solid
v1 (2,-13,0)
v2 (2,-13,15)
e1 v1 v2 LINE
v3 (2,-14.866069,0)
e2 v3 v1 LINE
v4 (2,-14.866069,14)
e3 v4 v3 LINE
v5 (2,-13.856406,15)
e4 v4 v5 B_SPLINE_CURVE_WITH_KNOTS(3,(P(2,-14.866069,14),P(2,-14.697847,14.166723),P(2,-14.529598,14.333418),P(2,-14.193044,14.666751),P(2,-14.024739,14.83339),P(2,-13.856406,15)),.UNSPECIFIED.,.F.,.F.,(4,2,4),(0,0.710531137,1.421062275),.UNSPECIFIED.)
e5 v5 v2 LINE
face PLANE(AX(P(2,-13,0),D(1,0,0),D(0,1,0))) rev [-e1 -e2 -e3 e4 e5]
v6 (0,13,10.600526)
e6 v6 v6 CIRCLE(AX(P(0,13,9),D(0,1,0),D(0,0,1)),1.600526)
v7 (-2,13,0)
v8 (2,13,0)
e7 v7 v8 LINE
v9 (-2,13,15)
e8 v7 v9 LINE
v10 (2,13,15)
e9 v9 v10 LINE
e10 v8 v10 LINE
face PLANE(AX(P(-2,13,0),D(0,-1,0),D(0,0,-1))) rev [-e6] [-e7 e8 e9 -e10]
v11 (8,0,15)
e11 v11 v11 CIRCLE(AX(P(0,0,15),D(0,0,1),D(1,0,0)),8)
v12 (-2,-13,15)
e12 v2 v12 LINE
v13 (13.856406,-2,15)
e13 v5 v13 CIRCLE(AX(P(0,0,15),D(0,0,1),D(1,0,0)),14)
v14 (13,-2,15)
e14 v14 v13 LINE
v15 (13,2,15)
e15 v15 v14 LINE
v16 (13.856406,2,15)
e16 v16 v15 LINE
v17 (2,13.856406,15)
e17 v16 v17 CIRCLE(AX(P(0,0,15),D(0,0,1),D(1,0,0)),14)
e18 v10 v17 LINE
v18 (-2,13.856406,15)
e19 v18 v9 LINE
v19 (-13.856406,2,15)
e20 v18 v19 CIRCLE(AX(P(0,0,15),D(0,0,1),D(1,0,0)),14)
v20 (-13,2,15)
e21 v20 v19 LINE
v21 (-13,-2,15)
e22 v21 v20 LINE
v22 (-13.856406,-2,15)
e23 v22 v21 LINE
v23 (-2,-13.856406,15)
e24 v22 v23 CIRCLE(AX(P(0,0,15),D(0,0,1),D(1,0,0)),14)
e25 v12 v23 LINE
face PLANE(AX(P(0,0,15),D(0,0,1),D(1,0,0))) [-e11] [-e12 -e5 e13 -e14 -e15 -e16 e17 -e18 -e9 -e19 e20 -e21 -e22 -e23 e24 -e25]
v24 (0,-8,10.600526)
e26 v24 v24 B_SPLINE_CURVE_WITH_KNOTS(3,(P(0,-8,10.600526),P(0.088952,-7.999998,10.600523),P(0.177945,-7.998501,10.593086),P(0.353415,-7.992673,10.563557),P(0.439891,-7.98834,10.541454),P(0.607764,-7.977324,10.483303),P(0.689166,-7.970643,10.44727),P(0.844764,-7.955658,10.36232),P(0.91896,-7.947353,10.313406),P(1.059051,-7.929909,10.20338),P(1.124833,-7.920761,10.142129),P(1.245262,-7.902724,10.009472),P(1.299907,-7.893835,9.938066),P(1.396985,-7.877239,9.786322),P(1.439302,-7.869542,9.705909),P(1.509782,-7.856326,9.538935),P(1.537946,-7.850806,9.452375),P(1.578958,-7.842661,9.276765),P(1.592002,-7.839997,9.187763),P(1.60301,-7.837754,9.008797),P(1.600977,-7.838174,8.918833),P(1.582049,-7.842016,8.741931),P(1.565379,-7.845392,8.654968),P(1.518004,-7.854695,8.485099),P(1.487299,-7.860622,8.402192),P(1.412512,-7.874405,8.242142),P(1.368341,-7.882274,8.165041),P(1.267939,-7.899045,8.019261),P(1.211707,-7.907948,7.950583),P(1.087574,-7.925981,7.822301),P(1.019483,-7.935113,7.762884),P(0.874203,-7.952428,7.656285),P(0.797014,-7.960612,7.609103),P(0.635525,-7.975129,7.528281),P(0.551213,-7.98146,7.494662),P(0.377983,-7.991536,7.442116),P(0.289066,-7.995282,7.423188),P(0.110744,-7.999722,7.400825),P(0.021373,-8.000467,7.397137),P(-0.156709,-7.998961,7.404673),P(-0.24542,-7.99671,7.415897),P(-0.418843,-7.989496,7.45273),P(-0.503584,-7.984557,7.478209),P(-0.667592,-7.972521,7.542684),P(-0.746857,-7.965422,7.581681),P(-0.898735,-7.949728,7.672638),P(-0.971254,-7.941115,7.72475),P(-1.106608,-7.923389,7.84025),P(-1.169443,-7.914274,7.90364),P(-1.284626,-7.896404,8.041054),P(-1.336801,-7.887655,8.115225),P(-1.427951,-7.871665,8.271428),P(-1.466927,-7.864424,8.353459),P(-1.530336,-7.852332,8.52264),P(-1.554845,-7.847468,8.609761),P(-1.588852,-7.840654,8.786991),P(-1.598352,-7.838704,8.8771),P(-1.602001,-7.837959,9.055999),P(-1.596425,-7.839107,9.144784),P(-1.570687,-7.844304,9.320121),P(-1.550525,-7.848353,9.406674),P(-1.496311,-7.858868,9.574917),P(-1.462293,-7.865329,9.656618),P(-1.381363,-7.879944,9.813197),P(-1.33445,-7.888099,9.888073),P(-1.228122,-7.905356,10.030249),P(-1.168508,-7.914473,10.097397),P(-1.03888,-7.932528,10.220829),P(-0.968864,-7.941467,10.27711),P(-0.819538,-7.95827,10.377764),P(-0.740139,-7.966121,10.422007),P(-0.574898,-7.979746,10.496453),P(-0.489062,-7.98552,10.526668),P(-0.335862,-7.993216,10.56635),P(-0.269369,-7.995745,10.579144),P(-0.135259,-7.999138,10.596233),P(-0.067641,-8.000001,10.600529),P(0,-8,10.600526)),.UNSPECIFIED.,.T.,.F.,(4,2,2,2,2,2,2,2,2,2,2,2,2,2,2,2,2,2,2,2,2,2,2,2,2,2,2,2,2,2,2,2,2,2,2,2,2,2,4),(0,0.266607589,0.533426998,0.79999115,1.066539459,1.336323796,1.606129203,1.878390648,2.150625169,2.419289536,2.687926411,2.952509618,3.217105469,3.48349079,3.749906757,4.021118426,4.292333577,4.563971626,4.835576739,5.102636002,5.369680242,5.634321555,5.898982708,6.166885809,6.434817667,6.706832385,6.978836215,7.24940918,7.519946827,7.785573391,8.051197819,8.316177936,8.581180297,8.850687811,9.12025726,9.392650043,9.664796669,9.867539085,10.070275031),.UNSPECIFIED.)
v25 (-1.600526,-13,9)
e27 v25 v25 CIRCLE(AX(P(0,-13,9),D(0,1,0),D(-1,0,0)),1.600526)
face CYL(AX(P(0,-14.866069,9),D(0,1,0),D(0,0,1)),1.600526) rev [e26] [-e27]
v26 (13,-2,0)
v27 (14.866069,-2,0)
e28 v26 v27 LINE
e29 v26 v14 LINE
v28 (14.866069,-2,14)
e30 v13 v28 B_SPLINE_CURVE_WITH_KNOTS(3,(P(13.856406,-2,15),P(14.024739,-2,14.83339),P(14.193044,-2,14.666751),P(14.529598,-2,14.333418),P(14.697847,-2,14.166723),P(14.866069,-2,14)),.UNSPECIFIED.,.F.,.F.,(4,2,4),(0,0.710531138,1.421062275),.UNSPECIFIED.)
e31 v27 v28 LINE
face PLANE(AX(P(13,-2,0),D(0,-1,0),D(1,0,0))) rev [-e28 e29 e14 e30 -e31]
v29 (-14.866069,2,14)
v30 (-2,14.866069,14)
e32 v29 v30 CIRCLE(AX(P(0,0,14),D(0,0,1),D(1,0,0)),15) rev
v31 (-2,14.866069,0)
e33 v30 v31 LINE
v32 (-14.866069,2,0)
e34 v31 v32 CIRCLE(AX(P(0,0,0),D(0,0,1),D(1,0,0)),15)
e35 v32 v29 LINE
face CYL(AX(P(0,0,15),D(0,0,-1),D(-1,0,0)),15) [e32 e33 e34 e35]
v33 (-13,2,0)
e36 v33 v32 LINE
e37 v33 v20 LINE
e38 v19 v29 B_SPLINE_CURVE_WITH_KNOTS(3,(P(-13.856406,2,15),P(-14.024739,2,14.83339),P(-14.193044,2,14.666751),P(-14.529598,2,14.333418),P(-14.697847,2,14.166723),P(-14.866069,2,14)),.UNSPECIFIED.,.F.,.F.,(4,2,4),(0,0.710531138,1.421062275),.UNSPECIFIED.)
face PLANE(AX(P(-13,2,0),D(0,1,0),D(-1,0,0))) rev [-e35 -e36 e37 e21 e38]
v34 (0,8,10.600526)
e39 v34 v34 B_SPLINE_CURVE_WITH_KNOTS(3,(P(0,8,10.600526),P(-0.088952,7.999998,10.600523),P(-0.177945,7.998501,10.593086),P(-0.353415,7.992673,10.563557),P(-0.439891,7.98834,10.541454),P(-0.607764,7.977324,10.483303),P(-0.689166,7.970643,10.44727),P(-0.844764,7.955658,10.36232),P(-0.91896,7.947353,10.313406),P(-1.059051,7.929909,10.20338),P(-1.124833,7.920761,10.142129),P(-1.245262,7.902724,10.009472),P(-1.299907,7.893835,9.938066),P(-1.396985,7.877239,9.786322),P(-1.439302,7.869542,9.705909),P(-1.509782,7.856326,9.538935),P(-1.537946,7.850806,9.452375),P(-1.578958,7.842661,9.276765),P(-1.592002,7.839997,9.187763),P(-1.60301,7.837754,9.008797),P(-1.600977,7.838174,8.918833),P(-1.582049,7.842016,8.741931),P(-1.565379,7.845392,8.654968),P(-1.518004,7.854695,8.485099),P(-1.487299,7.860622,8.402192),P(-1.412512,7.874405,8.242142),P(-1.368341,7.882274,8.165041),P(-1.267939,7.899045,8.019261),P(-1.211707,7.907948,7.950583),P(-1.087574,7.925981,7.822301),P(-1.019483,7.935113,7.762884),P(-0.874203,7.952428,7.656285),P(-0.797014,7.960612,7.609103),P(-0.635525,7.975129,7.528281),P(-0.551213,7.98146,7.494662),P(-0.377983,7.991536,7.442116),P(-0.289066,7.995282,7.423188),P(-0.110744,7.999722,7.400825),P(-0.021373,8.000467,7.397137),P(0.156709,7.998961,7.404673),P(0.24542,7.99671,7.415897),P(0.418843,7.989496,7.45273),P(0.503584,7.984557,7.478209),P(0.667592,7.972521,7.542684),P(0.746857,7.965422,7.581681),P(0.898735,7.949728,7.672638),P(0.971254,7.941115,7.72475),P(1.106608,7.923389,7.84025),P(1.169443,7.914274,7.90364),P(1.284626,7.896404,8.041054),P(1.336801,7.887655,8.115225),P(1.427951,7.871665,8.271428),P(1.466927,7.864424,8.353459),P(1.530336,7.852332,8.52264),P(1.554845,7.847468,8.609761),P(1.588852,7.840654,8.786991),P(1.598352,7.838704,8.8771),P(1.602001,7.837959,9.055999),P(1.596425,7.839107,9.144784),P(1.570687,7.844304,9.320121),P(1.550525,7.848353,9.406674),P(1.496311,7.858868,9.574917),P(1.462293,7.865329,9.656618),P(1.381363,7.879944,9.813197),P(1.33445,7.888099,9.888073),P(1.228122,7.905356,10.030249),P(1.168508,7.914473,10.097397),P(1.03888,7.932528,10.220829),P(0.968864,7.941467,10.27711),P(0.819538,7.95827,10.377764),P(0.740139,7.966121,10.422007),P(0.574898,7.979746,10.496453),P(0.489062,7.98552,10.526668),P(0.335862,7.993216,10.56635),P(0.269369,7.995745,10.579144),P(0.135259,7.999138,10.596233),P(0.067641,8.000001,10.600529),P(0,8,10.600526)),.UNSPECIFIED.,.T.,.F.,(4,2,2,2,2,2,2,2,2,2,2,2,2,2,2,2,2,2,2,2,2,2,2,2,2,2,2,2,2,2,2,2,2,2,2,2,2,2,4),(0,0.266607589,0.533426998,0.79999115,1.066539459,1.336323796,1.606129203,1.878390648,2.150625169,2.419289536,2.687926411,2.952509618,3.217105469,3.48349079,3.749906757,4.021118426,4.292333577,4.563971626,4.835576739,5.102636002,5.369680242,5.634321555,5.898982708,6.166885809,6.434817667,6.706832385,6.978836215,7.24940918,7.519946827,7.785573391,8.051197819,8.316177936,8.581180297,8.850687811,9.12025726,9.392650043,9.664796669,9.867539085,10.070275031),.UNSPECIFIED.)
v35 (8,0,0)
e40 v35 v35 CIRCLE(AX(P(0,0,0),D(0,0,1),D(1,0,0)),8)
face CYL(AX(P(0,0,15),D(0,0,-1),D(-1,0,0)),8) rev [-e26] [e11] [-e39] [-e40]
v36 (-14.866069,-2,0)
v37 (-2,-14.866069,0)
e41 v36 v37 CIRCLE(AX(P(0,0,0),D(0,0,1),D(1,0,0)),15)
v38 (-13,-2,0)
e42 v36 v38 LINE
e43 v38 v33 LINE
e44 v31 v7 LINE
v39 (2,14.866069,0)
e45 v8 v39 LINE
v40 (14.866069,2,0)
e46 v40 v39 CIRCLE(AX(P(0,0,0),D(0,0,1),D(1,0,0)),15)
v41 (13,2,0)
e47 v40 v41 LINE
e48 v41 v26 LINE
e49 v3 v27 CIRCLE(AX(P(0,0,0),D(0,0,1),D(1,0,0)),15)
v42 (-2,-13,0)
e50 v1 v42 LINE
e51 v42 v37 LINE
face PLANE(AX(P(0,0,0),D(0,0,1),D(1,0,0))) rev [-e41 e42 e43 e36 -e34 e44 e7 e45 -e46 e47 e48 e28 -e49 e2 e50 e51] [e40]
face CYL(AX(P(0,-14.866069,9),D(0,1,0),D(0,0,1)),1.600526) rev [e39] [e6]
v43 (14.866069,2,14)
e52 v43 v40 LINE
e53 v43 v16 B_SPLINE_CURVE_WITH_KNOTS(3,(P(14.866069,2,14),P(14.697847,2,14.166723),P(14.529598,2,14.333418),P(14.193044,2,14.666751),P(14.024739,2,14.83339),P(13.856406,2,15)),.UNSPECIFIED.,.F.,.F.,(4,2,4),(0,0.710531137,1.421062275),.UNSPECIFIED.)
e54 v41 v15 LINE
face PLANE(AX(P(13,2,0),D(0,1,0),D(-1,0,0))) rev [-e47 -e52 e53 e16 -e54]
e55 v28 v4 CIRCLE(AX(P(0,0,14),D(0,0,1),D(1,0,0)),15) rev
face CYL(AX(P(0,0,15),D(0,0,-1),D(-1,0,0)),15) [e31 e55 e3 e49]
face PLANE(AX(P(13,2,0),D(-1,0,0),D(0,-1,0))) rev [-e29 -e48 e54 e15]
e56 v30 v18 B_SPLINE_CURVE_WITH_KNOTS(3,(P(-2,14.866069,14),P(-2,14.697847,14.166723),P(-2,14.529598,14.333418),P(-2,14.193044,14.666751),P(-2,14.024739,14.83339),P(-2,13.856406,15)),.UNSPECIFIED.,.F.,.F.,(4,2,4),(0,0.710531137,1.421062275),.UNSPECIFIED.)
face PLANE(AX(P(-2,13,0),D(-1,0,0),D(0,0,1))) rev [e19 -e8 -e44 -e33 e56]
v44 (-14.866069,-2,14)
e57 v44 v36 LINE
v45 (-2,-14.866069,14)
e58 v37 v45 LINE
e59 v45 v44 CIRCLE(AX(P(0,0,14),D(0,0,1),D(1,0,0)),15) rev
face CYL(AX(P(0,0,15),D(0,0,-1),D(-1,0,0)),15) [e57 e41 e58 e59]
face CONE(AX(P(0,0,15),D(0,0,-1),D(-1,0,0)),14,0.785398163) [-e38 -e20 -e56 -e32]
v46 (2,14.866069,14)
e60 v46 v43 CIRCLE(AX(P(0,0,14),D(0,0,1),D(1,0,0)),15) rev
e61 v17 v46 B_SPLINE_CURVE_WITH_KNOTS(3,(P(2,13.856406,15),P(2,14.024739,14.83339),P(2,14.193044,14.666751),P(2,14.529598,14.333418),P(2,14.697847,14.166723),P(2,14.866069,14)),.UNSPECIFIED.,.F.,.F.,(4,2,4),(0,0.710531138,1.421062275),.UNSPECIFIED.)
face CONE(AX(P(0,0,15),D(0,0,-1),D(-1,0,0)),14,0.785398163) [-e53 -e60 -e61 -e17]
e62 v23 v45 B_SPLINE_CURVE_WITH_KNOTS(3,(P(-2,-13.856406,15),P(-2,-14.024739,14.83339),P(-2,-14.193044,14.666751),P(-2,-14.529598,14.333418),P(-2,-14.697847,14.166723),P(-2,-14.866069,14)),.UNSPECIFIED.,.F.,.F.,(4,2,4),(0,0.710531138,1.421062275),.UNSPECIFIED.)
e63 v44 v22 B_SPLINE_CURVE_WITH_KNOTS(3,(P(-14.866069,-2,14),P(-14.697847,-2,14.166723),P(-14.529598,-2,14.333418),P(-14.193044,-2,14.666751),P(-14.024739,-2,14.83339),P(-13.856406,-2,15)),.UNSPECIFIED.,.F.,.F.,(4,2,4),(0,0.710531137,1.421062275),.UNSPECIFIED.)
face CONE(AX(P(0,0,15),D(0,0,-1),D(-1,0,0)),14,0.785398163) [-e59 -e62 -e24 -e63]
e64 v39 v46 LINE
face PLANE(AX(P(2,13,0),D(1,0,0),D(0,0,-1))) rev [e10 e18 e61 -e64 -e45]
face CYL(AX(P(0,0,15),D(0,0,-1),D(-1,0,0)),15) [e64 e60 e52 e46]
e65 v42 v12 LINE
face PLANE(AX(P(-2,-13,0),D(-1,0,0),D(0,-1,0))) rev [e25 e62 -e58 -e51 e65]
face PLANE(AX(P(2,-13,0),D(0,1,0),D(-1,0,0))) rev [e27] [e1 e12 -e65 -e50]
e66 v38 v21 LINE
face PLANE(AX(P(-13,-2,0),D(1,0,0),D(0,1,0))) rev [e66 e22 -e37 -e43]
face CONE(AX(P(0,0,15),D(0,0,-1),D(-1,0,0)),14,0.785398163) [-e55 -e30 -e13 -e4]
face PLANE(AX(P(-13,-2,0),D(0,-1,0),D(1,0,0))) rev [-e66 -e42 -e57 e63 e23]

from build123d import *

# Parameters (mm, degrees)
SKETCH1_R           = 15
SKETCH1_R_2         = 8
BOSS_EXTRUDE1_DEPTH = 15
SKETCH2_W           = 4
SKETCH2_H           = 4
CUT_EXTRUDE1_DEPTH  = 26.980762114
CHAMFER1_SIZE       = 1
SKETCH3_R           = 1.600526218
CUT_EXTRUDE2_DEPTH  = 35.964521839


with BuildPart() as part:
    # Sketch1 → Boss-Extrude1 (new body)
    with BuildSketch(Plane.XY):
        Circle(SKETCH1_R)
        Circle(SKETCH1_R_2, mode=Mode.SUBTRACT)
    extrude(amount=BOSS_EXTRUDE1_DEPTH)

    # Sketch2 → Cut-Extrude1 (cut, through all)
    with BuildSketch(Plane.XY.offset(15)):
        with Locations((15, 0)):
            Rectangle(SKETCH2_W, SKETCH2_H)
        with Locations((0, 15)):
            Rectangle(SKETCH2_W, SKETCH2_H)
        with Locations((0, -15)):
            Rectangle(SKETCH2_W, SKETCH2_H)
        with Locations((-15, 0)):
            Rectangle(SKETCH2_W, SKETCH2_H)
    extrude(amount=-CUT_EXTRUDE1_DEPTH, mode=Mode.SUBTRACT)

    # Chamfer1
    chamfer1_edges = [part.edges().sort_by_distance(p)[0] for p in [
        (-10.606601718, 10.606601718, 15),
        (-10.606601718, -10.606601718, 15),
        (10.606601718, -10.606601718, 15),
        (10.606601718, 10.606601718, 15),
    ]]
    chamfer(chamfer1_edges, length=CHAMFER1_SIZE)

    # Sketch3 → Cut-Extrude2 (cut, through all)
    with BuildSketch(Plane(origin=(0, 13, 0), x_dir=(1, 0, 0), z_dir=(0, 1, 0))):
        with Locations(Location((0, -9, 0), (0, 0, 270))):
            Circle(SKETCH3_R)
    extrude(amount=-CUT_EXTRUDE2_DEPTH, mode=Mode.SUBTRACT)


solid = part.part
